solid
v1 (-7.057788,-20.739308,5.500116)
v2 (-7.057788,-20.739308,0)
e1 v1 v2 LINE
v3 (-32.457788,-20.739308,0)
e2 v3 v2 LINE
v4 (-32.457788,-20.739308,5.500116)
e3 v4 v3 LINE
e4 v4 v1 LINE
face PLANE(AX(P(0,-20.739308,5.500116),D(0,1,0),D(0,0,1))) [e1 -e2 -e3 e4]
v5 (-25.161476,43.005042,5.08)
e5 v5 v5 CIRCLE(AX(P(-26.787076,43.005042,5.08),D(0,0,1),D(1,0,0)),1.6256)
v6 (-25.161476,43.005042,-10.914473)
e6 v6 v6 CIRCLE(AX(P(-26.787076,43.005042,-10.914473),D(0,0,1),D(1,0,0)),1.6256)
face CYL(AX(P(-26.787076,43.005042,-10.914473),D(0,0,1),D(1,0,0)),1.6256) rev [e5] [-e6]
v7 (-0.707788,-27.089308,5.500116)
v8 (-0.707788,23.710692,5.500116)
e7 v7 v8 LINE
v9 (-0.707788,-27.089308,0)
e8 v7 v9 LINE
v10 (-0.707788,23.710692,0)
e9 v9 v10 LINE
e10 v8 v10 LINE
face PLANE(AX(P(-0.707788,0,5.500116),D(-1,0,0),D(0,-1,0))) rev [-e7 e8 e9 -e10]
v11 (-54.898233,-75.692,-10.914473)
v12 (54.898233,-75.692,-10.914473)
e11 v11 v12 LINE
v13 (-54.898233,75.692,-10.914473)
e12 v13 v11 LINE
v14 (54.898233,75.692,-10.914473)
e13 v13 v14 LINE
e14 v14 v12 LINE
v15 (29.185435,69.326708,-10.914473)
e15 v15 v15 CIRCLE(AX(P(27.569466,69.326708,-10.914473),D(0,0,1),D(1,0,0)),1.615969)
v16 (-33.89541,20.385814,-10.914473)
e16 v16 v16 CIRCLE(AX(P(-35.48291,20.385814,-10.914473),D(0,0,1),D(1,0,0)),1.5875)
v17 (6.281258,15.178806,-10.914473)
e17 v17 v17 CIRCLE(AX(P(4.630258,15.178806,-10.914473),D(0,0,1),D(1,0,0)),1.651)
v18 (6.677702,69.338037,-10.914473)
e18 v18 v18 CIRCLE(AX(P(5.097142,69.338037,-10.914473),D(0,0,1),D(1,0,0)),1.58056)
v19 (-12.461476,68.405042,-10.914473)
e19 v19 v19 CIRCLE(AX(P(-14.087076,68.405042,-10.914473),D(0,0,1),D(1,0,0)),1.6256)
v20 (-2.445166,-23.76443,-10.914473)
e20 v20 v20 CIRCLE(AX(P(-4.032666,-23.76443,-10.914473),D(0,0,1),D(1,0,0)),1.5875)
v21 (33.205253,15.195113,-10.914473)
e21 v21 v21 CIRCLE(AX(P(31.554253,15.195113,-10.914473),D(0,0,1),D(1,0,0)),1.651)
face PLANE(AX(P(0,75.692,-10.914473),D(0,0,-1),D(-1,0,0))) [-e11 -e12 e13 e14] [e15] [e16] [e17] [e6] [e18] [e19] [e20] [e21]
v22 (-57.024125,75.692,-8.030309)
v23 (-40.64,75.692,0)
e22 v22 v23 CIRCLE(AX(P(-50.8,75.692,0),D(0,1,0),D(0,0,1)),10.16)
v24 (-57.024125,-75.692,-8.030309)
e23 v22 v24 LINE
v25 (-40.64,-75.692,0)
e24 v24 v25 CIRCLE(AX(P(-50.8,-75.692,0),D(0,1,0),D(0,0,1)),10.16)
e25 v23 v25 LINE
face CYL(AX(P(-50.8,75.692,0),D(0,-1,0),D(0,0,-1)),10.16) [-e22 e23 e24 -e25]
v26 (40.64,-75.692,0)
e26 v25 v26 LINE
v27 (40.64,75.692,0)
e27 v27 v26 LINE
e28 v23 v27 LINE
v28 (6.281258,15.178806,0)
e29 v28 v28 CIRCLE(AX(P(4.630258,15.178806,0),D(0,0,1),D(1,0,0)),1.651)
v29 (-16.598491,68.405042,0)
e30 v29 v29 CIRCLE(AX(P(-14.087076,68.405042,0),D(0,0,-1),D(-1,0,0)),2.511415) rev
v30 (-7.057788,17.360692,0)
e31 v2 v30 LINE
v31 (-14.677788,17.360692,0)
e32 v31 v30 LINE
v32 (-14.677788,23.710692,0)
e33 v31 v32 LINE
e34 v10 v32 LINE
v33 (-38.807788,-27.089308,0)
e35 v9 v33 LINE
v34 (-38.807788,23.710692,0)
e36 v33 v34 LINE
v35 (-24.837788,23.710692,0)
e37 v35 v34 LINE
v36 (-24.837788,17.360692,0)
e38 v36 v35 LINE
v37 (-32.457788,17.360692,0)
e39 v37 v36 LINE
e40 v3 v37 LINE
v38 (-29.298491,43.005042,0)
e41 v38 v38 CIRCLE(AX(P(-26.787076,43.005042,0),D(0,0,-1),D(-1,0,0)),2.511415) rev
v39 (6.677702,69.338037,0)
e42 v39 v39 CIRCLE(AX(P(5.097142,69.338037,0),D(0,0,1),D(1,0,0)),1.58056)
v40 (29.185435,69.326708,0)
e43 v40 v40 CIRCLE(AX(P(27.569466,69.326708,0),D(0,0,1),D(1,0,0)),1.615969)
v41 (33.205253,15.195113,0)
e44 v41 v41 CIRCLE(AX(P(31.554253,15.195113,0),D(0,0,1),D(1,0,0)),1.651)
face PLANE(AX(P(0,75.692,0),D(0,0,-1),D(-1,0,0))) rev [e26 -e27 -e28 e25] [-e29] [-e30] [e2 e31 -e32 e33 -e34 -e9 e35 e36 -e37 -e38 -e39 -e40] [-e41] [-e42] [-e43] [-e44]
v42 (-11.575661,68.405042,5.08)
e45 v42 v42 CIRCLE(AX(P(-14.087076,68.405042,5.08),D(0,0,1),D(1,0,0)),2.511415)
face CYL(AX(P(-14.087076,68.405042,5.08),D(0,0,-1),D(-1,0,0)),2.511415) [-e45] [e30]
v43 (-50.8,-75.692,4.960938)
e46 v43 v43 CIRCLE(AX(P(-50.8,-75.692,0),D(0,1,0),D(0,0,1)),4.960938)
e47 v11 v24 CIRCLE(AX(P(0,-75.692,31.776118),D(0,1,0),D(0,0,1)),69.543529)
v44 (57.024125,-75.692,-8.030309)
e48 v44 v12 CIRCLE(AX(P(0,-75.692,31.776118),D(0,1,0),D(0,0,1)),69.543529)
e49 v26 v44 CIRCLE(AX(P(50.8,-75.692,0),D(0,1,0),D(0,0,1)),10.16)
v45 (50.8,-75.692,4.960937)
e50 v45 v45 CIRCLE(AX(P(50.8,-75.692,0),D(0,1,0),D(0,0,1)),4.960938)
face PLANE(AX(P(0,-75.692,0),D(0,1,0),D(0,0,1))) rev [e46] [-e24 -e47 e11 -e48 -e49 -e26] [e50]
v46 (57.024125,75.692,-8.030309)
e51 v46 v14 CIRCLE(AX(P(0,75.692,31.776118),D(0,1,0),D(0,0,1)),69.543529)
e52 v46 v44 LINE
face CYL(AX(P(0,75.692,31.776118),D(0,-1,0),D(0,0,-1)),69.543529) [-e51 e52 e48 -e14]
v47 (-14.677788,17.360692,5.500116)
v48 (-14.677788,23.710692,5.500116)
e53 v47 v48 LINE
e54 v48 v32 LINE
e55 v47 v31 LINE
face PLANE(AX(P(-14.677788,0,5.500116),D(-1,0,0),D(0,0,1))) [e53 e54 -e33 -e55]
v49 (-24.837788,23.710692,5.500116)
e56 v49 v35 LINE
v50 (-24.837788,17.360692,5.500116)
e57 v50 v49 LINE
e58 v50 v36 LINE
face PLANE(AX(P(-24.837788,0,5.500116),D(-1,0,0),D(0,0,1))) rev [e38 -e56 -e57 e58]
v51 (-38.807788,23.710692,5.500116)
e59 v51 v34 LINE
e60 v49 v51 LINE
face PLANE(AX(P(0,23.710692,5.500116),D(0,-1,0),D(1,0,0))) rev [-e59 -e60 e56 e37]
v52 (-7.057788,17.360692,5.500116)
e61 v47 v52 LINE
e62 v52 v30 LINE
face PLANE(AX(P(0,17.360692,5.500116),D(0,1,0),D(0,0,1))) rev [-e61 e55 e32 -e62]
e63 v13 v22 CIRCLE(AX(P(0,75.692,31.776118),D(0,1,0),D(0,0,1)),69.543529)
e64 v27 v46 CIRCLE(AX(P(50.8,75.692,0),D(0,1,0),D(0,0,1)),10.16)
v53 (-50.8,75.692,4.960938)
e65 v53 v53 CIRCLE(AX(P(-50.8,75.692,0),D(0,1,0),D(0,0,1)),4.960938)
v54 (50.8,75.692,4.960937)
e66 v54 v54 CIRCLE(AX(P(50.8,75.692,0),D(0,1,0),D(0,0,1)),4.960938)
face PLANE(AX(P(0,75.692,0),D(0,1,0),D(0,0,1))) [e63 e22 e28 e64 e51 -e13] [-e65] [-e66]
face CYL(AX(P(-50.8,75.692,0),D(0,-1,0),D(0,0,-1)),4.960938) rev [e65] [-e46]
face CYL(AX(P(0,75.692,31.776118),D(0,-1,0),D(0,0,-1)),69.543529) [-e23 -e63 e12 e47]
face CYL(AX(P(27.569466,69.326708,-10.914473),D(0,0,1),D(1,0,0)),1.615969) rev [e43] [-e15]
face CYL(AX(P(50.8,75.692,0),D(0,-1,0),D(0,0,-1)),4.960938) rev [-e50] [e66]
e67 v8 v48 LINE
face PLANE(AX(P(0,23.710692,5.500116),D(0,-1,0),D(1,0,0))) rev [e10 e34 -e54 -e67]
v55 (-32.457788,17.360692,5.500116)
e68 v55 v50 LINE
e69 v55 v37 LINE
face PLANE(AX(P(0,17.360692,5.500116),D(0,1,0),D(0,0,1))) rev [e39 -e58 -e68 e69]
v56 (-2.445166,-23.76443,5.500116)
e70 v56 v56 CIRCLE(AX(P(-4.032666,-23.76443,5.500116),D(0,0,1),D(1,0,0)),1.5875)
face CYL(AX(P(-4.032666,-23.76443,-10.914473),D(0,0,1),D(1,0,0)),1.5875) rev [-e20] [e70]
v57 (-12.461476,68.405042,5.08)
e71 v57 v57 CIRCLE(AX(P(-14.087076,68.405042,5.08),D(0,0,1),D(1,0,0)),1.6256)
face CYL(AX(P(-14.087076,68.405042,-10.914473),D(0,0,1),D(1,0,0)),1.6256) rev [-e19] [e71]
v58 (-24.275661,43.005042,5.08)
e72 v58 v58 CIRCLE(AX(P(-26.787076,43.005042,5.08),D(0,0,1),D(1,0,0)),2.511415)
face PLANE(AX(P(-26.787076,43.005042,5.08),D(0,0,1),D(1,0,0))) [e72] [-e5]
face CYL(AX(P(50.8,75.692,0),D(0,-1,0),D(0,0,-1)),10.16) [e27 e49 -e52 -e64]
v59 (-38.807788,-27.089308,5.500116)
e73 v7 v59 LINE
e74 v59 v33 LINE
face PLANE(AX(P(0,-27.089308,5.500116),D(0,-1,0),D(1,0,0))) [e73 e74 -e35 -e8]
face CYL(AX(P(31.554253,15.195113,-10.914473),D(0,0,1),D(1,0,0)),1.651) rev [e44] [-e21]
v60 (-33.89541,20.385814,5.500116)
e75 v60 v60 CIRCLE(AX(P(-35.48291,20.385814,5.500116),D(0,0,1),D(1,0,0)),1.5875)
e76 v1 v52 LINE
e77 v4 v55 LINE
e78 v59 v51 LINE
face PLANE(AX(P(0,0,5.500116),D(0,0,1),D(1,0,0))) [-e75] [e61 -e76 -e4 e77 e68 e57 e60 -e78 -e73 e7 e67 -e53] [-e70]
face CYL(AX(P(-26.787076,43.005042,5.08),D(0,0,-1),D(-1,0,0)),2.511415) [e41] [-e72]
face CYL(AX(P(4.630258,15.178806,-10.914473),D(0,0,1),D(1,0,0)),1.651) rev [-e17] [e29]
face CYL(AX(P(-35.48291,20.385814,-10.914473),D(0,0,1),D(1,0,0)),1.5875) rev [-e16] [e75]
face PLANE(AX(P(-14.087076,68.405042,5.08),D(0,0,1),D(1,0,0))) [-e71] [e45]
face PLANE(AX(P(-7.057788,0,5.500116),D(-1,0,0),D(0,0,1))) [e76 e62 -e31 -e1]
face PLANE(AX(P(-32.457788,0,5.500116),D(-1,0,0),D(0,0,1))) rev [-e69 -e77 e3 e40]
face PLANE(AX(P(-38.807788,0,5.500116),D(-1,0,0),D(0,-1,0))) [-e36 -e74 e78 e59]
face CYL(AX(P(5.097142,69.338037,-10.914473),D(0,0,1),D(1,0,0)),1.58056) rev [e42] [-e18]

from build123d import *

# Parameters (mm, degrees)
SKETCH1_R           = 4.9609375
BOSS_EXTRUDE1_DEPTH = 75.692
SKETCH3_R           = 1.6256
CUT_EXTRUDE1_DEPTH  = 98.798395582
BOSS_EXTRUDE2_START = 5.08
SKETCH3_3_R         = 2.511415146
SKETCH3_3_R_2       = 1.6256
BOSS_EXTRUDE2_DEPTH = 5.08
SKETCH4_R           = 1.580559699
SKETCH4_R_2         = 1.615968851
SKETCH4_R_3         = 1.651
CUT_EXTRUDE2_DEPTH  = 98.798395582
BOSS_EXTRUDE3_DEPTH = 5.500116
SKETCH6_R           = 1.5875
CUT_EXTRUDE3_DEPTH  = 99.563883783


with BuildPart() as part:
    # Sketch1 → Boss-Extrude1 (new, symmetric)
    with BuildSketch(Plane(origin=(0, 0, 0), x_dir=(1, 0, 0), z_dir=(0, 1, 0))):
        with BuildLine():
            ThreePointArc((-54.898232946, 10.914472708), (-55.979756859, 9.486084273), (-57.024125462, 8.030308975))
            ThreePointArc((-57.024125462, 8.030308975), (-55.271492218, -9.123122127), (-40.64, 0))
            Line((-40.64, 0), (40.64, 0))
            ThreePointArc((40.64, 0), (55.271492218, -9.123122127), (57.024125462, 8.030308975))
            ThreePointArc((57.024125462, 8.030308975), (55.979756859, 9.486084273), (54.898232946, 10.914472708))
            Line((54.898232946, 10.914472708), (-54.898232946, 10.914472708))
        make_face()
        with Locations((-50.8, 0)):
            Circle(SKETCH1_R, mode=Mode.SUBTRACT)
        with Locations((50.8, 0)):
            Circle(SKETCH1_R, mode=Mode.SUBTRACT)
    extrude(amount=BOSS_EXTRUDE1_DEPTH, both=True)

    # Sketch3 → Cut-Extrude1 (cut, through all)
    with BuildSketch(Plane.XY):
        with Locations((-14.08707582, 68.405041605)):
            Circle(SKETCH3_R)
        with Locations((-26.78707582, 43.005041605)):
            Circle(SKETCH3_R)
    extrude(amount=-CUT_EXTRUDE1_DEPTH, mode=Mode.SUBTRACT)

    # Sketch3<3> → Boss-Extrude2 (add)
    # profile 1 of 2: a face of its own
    with BuildSketch(Plane.XY.offset(BOSS_EXTRUDE2_START)):
        with Locations((-14.08707582, 68.405041605)):
            Circle(SKETCH3_3_R)
        with Locations((-14.08707582, 68.405041605)):
            Circle(SKETCH3_3_R_2, mode=Mode.SUBTRACT)
    # profile 2 of 2: a face of its own
    with BuildSketch(Plane.XY.offset(BOSS_EXTRUDE2_START)):
        with Locations((-26.78707582, 43.005041605)):
            Circle(SKETCH3_3_R)
        with Locations((-26.78707582, 43.005041605)):
            Circle(SKETCH3_3_R_2, mode=Mode.SUBTRACT)
    extrude(amount=-BOSS_EXTRUDE2_DEPTH)

    # Sketch4 → Cut-Extrude2 (cut, through all)
    with BuildSketch(Plane.XY):
        with Locations((5.097142458, 69.338036856)):
            Circle(SKETCH4_R)
        with Locations((27.569466172, 69.326708036)):
            Circle(SKETCH4_R_2)
        with Locations((4.630258258, 15.178805596)):
            Circle(SKETCH4_R_3)
        with Locations((31.55425332, 15.195112998)):
            Circle(SKETCH4_R_3)
    extrude(amount=-CUT_EXTRUDE2_DEPTH, mode=Mode.SUBTRACT)

    # Sketch5 → Boss-Extrude3 (add)
    with BuildSketch(Plane.XY):
        Polygon((-32.457787853, 17.360692428), (-24.837787853, 17.360692428), (-24.837787853, 23.710692428), (-38.807787853, 23.710692428), (-38.807787853, -27.089307572), (-0.707787853, -27.089307572), (-0.707787853, 23.710692428), (-14.677787853, 23.710692428), (-14.677787853, 17.360692428), (-7.057787853, 17.360692428), (-7.057787853, -20.739307572), (-32.457787853, -20.739307572), align=None)
    extrude(amount=BOSS_EXTRUDE3_DEPTH)

    # Sketch6 → Cut-Extrude3 (cut, through all)
    with BuildSketch(Plane.XY.offset(5.500116)):
        with Locations((-35.482909848, 20.385814423)):
            Circle(SKETCH6_R)
        with Locations((-4.032665858, -23.764429567)):
            Circle(SKETCH6_R)
    extrude(amount=-CUT_EXTRUDE3_DEPTH, mode=Mode.SUBTRACT)


solid = part.part
